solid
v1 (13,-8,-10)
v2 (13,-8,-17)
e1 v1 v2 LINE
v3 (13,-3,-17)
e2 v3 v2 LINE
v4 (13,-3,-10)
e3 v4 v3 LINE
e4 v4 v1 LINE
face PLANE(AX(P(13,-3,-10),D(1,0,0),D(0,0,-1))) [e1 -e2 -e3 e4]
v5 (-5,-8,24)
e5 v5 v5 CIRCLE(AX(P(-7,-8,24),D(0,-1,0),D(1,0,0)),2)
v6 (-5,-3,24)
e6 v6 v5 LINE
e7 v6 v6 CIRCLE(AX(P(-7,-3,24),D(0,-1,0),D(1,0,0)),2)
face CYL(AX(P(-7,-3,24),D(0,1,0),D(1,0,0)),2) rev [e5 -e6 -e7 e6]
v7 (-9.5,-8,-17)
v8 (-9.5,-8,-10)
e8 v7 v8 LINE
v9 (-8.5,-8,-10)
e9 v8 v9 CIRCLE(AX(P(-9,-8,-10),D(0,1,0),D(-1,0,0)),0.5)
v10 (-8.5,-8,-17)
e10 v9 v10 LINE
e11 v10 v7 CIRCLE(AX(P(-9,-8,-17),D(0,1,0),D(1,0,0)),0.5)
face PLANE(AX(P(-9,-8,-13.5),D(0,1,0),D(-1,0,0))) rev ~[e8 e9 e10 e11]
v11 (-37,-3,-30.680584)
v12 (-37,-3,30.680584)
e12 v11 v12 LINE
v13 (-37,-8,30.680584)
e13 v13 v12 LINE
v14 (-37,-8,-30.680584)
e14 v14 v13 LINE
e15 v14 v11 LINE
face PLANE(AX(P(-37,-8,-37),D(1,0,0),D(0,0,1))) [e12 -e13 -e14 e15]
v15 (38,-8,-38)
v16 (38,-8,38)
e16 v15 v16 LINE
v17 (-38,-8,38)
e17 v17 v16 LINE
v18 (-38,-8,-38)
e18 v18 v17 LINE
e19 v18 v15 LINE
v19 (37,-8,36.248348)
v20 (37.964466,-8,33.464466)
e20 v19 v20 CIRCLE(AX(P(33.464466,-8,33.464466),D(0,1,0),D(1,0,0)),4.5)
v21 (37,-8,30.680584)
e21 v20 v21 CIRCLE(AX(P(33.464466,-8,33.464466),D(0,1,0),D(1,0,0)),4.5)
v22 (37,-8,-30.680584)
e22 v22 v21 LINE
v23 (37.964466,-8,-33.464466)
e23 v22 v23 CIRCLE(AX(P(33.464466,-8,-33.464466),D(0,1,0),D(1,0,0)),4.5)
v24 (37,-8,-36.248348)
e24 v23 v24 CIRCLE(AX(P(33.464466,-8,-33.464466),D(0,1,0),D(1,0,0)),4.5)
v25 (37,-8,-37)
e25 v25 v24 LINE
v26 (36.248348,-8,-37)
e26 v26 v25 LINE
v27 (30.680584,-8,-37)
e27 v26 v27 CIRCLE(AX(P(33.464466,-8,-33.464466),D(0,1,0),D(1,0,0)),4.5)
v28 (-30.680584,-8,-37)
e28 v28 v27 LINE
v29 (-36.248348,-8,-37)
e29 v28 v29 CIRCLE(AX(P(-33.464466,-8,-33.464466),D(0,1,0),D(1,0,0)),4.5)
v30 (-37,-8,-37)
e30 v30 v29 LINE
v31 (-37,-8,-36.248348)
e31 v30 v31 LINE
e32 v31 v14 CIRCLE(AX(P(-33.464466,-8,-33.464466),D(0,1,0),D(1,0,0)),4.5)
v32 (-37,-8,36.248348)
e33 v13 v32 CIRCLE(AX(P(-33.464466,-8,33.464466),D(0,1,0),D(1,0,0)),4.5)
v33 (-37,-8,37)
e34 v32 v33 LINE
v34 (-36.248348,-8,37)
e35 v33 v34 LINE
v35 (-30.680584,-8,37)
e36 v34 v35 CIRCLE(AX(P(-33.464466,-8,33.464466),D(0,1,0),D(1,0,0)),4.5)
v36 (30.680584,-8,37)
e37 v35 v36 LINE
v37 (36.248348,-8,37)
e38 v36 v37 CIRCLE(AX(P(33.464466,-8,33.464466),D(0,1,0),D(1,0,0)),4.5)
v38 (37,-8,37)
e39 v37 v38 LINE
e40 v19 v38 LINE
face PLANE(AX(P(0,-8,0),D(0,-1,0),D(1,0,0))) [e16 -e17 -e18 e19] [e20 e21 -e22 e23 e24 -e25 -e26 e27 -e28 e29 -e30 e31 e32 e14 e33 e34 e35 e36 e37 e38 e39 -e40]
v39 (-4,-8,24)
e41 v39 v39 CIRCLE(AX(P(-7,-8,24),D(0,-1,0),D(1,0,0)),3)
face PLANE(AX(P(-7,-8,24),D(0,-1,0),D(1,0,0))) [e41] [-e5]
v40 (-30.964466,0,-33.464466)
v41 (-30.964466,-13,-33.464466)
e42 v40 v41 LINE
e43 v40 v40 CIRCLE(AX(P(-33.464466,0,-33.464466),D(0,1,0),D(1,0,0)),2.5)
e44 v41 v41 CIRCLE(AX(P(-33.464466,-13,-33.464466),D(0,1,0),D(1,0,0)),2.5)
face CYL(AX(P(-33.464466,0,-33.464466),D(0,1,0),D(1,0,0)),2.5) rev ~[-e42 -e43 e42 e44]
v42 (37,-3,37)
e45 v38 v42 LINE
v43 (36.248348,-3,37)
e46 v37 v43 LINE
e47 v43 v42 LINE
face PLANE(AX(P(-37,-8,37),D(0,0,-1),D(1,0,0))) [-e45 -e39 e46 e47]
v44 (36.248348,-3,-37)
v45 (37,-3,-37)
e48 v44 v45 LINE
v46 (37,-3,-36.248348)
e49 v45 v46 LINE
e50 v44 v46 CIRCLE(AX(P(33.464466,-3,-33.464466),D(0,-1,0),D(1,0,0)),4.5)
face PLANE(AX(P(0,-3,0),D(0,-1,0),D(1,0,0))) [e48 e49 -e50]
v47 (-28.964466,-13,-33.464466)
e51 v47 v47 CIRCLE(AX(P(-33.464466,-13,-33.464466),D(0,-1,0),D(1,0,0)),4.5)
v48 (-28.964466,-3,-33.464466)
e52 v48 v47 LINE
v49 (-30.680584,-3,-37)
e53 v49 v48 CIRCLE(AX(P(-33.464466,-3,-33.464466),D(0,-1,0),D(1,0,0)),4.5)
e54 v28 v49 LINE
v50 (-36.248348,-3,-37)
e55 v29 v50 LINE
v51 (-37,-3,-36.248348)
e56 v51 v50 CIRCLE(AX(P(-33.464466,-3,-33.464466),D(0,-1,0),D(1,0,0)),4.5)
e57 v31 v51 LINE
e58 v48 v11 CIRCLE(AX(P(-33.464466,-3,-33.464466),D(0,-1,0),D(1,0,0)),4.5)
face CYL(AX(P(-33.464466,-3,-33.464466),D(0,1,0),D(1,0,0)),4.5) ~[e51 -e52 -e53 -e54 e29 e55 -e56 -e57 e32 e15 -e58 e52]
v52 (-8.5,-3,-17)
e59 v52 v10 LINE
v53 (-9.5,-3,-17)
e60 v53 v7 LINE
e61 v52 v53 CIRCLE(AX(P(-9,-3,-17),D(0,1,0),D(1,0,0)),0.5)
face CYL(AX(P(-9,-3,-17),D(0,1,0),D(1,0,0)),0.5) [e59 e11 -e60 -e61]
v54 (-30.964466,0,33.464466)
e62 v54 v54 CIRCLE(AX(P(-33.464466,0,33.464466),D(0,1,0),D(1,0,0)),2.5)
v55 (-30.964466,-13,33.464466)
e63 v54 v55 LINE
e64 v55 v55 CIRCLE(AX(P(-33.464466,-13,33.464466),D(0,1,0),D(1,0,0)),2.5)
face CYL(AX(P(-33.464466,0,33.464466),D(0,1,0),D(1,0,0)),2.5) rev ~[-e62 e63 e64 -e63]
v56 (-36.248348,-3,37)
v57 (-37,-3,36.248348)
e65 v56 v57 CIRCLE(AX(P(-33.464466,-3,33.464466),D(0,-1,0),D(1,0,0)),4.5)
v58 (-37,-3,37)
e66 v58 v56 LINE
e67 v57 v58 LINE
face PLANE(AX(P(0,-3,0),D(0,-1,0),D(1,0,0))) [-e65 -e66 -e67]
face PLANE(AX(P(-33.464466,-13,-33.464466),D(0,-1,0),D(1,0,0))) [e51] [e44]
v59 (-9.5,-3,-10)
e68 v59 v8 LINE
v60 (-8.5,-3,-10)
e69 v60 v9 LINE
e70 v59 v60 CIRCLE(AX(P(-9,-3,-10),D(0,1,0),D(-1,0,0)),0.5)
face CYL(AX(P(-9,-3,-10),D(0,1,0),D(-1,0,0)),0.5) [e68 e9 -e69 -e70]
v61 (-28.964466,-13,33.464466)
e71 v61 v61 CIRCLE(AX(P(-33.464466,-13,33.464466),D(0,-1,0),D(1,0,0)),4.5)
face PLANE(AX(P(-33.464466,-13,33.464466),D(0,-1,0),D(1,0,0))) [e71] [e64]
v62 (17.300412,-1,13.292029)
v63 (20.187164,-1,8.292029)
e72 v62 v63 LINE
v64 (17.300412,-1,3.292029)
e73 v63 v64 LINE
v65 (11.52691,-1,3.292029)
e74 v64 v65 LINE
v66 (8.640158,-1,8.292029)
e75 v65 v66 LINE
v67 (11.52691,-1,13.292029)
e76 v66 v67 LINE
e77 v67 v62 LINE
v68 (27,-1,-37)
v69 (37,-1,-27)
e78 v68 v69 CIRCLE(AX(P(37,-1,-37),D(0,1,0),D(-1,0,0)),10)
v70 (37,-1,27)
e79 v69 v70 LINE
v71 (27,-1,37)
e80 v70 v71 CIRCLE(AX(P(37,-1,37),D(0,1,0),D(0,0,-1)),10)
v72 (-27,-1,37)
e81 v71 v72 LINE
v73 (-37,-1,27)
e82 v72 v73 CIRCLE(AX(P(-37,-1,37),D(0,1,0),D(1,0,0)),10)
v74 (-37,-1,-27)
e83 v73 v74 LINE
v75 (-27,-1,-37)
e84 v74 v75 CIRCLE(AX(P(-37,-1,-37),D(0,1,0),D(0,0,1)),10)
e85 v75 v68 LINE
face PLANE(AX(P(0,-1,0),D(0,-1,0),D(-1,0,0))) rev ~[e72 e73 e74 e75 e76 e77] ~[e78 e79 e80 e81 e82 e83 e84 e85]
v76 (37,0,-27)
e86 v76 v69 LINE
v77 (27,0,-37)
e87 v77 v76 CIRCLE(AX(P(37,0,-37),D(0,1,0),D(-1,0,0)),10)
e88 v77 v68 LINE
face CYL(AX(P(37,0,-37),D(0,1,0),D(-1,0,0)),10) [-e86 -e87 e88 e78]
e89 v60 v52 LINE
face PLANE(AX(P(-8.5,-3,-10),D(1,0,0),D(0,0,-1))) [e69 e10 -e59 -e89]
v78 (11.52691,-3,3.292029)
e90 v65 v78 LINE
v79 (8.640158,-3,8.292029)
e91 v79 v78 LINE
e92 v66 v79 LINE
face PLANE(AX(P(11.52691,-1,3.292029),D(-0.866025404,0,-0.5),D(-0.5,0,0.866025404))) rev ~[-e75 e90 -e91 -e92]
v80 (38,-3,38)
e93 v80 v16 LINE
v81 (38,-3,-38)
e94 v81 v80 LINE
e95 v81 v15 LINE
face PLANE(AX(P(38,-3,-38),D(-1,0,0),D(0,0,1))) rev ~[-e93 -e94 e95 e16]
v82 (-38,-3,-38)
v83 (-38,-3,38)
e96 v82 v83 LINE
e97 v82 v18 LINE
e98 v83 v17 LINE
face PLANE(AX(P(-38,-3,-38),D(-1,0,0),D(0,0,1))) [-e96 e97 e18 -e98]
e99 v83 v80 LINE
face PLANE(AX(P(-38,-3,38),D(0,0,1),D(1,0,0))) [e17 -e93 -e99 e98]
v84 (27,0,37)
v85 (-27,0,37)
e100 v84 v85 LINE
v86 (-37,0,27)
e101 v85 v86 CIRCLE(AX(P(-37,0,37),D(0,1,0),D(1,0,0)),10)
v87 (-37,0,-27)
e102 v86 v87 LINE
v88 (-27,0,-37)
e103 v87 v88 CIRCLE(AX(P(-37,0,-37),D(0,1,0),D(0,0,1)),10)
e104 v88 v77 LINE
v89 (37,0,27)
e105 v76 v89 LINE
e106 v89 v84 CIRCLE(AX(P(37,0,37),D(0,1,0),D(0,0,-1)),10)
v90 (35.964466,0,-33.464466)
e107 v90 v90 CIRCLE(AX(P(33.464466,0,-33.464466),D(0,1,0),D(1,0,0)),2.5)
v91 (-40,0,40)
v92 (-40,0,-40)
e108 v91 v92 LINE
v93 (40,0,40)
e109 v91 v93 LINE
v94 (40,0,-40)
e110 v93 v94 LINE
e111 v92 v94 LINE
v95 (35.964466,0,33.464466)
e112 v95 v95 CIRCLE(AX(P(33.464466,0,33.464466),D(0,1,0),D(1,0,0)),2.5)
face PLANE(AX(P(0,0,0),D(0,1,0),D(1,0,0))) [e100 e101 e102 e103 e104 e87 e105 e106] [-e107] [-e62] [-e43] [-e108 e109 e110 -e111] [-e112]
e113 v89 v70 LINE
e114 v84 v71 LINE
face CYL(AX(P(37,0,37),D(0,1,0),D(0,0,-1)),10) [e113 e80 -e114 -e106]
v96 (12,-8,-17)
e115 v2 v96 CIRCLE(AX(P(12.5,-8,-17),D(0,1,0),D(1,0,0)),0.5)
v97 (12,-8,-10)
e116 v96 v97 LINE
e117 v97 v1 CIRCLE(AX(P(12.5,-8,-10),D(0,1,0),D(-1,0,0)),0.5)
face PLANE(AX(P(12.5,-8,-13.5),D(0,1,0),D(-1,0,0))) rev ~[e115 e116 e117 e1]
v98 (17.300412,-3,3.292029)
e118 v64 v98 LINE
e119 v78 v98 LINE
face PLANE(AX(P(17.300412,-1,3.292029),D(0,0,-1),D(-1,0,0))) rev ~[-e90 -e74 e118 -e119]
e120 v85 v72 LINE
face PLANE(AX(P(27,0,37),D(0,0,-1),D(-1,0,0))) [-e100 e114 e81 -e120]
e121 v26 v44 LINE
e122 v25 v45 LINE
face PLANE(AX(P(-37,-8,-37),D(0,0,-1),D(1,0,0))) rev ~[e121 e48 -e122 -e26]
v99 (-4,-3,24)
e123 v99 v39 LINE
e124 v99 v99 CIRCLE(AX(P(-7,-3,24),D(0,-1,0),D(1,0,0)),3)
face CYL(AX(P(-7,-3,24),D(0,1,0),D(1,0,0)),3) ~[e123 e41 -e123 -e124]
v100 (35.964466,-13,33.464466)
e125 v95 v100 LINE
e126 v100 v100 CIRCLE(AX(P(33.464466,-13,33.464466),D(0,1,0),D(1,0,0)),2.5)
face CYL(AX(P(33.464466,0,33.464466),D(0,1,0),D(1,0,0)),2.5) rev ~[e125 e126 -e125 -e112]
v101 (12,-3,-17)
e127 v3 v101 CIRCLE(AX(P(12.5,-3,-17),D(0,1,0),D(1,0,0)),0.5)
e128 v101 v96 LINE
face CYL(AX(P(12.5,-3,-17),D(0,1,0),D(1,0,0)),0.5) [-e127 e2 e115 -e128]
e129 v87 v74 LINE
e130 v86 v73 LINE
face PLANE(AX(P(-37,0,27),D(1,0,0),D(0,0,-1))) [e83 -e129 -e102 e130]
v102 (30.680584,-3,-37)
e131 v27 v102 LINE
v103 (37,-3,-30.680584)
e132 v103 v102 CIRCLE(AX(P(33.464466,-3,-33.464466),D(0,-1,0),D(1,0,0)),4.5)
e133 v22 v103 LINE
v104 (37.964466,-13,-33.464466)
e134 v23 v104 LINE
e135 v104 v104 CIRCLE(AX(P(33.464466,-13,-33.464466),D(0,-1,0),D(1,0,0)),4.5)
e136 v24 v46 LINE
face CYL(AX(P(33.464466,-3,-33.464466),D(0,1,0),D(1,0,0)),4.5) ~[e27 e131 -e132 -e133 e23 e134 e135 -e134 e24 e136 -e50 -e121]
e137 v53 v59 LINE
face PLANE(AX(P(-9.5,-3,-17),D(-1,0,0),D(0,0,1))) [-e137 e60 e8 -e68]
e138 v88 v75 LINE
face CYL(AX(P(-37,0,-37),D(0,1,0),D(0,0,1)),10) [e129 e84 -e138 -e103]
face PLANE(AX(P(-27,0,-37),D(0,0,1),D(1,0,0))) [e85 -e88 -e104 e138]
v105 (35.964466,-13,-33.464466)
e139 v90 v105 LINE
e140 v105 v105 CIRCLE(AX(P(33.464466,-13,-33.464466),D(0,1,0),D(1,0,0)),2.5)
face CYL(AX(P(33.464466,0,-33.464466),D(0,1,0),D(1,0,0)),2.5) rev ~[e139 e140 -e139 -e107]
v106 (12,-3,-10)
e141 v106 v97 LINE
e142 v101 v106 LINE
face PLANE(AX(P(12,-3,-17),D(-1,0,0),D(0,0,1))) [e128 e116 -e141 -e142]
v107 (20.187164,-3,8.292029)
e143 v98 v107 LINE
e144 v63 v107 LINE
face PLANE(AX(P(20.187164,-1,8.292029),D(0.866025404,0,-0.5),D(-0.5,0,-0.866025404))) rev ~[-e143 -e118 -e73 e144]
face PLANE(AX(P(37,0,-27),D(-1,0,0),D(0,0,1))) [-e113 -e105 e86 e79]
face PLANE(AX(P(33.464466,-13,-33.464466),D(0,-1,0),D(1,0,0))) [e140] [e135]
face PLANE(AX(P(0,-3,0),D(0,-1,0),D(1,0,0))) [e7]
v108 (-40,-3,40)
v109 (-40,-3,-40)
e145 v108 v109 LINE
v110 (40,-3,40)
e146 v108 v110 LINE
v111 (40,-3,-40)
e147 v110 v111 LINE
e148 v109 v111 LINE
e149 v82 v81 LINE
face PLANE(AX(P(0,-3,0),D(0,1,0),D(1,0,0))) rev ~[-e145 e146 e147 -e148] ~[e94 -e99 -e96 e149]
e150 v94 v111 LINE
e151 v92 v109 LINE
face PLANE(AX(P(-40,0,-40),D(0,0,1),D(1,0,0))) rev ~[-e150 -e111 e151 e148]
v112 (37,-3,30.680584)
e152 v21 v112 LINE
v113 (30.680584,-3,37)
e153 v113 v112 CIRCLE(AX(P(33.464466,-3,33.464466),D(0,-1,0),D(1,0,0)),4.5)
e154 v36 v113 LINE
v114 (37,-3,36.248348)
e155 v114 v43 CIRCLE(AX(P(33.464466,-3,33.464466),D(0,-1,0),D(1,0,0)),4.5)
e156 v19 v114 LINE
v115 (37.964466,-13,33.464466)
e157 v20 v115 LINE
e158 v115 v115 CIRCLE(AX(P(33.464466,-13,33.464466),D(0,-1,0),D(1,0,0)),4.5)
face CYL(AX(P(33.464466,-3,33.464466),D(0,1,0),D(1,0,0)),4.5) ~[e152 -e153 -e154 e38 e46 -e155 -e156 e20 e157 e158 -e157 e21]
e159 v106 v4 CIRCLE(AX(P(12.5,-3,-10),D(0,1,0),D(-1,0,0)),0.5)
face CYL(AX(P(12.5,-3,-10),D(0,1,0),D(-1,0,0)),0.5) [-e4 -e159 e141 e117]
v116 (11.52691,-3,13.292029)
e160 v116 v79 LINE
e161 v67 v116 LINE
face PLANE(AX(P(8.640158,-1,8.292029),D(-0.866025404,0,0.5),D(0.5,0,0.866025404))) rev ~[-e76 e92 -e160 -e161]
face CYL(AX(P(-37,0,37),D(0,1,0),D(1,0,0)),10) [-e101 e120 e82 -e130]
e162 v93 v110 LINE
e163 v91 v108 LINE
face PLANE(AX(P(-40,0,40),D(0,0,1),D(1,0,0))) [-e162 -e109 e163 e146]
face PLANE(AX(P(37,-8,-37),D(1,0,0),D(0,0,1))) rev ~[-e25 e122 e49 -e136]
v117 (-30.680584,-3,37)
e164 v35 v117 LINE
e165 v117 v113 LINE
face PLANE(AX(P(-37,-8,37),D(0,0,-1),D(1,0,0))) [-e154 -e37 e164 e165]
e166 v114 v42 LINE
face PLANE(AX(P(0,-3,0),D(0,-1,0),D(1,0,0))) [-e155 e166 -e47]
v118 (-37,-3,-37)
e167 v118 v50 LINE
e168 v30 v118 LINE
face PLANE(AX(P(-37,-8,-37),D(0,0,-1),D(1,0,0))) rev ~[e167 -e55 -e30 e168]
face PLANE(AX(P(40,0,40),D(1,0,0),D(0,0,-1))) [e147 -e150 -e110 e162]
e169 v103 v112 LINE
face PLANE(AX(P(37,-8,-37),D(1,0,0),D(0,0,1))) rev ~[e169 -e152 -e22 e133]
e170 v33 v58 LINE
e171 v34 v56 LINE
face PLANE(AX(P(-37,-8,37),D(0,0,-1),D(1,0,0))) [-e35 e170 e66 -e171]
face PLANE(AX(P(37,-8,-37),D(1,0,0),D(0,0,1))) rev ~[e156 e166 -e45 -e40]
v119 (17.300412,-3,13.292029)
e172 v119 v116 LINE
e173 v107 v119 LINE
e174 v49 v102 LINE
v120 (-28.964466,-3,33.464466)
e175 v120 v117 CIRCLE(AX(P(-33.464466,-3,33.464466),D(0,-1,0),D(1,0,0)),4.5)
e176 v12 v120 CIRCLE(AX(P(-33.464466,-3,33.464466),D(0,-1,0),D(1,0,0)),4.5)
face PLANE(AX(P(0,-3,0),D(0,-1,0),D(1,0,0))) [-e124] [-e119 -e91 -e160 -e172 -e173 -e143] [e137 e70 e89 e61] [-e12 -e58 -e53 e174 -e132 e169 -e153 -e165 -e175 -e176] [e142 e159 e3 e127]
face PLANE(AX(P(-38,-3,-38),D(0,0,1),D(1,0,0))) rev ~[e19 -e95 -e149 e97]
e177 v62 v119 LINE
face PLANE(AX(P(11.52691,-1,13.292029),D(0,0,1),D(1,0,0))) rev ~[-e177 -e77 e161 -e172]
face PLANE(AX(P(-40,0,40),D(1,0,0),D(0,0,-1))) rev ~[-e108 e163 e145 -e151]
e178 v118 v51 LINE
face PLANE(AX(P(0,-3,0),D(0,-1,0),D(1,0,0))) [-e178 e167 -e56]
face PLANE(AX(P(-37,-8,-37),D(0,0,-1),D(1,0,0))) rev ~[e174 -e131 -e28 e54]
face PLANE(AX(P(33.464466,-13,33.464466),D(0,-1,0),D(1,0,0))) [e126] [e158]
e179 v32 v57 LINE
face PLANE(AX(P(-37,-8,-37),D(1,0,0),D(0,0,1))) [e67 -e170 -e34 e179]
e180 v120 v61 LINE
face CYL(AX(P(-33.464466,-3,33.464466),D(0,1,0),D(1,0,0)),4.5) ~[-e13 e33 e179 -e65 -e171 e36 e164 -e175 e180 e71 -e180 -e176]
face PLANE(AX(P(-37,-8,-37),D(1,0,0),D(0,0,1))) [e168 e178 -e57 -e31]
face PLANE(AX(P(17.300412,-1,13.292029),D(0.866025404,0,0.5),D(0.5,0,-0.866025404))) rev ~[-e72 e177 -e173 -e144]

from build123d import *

# Parameters (mm, degrees)
SKETCH2_W           = 80
SKETCH2_H           = 80
BOSS_EXTRUDE1_DEPTH = 3
CUT_EXTRUDE1_DEPTH  = 1
SKETCH5_W           = 76
SKETCH5_H           = 76
BOSS_EXTRUDE2_DEPTH = 5
SKETCH6_W           = 74
SKETCH6_H           = 74
CUT_EXTRUDE2_DEPTH  = 5
SKETCH7_R           = 4.5
BOSS_EXTRUDE3_DEPTH = 10
SKETCH4_R           = 2.5
CUT_EXTRUDE8_DEPTH  = 13
SKETCH9_R           = 3
SKETCH9_R_2         = 2
BOSS_EXTRUDE4_DEPTH = 5
BOSS_EXTRUDE5_DEPTH = 5
CUT_EXTRUDE9_DEPTH  = 10


with BuildPart() as part:
    # Sketch2 → Boss-Extrude1 (new body)
    with BuildSketch(Plane(origin=(0, 0, 0), x_dir=(1, 0, 0), z_dir=(0, 1, 0))):
        Rectangle(SKETCH2_W, SKETCH2_H)
    extrude(amount=-BOSS_EXTRUDE1_DEPTH)

    # Sketch3 → Cut-Extrude1 (cut)
    with BuildSketch(Plane(origin=(0, 0, 0), x_dir=(1, 0, 0), z_dir=(0, 1, 0))):
        with BuildLine():
            Line((-27, 37), (27, 37))
            ThreePointArc((27, 37), (29.928932188, 29.928932188), (37, 27))
            Line((37, 27), (37, -27))
            ThreePointArc((37, -27), (29.928932188, -29.928932188), (27, -37))
            Line((27, -37), (-27, -37))
            ThreePointArc((-27, -37), (-29.928932188, -29.928932188), (-37, -27))
            Line((-37, -27), (-37, 27))
            ThreePointArc((-37, 27), (-29.928932188, 29.928932188), (-27, 37))
        make_face()
    extrude(amount=-CUT_EXTRUDE1_DEPTH, mode=Mode.SUBTRACT)

    # Sketch5 → Boss-Extrude2 (add)
    with BuildSketch(Plane.XZ.offset(3)):
        Rectangle(SKETCH5_W, SKETCH5_H)
    extrude(amount=BOSS_EXTRUDE2_DEPTH)

    # Sketch6 → Cut-Extrude2 (cut)
    with BuildSketch(Plane.XZ.offset(8)):
        Rectangle(SKETCH6_W, SKETCH6_H)
    extrude(amount=-CUT_EXTRUDE2_DEPTH, mode=Mode.SUBTRACT)

    # Sketch7 → Boss-Extrude3 (add)
    with BuildSketch(Plane.XZ.offset(3)):
        with Locations((-33.464466094, 33.46446609)):
            Circle(SKETCH7_R)
        with Locations((33.46446609, 33.46446609)):
            Circle(SKETCH7_R)
        with Locations((-33.464466094, -33.464466094)):
            Circle(SKETCH7_R)
        with Locations((33.46446609, -33.464466094)):
            Circle(SKETCH7_R)
    extrude(amount=BOSS_EXTRUDE3_DEPTH)

    # Sketch4 → Cut-Extrude8 (cut)
    with BuildSketch(Plane(origin=(0, 0, 0), x_dir=(1, 0, 0), z_dir=(0, 1, 0))):
        with Locations((33.46446609, 33.464466094)):
            Circle(SKETCH4_R)
        with Locations((-33.464466094, 33.464466094)):
            Circle(SKETCH4_R)
        with Locations((-33.464466094, -33.46446609)):
            Circle(SKETCH4_R)
        with Locations((33.46446609, -33.46446609)):
            Circle(SKETCH4_R)
    extrude(amount=-CUT_EXTRUDE8_DEPTH, mode=Mode.SUBTRACT)

    # Sketch9 → Boss-Extrude4 (add)
    with BuildSketch(Plane.XZ.offset(3)):
        with Locations((-7, 24)):
            Circle(SKETCH9_R)
        with Locations((-7, 24)):
            Circle(SKETCH9_R_2, mode=Mode.SUBTRACT)
    extrude(amount=BOSS_EXTRUDE4_DEPTH)

    # Sketch10 → Boss-Extrude5 (add)
    with BuildSketch(Plane.XZ.offset(3)):
        with BuildLine():
            Line((-8.5, -10), (-8.5, -17))
            ThreePointArc((-8.5, -17), (-9, -17.5), (-9.5, -17))
            Line((-9.5, -17), (-9.5, -10))
            ThreePointArc((-9.5, -10), (-9, -9.5), (-8.5, -10))
        make_face()
        with BuildLine():
            Line((13, -10), (13, -17))
            ThreePointArc((13, -17), (12.5, -17.5), (12, -17))
            Line((12, -17), (12, -10))
            ThreePointArc((12, -10), (12.5, -9.5), (13, -10))
        make_face()
    extrude(amount=BOSS_EXTRUDE5_DEPTH)

    # Sketch11 → Cut-Extrude9 (cut)
    with BuildSketch(Plane(origin=(0, -1, 0), x_dir=(1, 0, 0), z_dir=(0, 1, 0))):
        Polygon((17.300412364, -3.292028925), (11.526909672, -3.292028925), (8.640158326, -8.292028925), (11.526909672, -13.292028925), (17.300412364, -13.292028925), (20.18716371, -8.292028925), align=None)
    extrude(amount=-CUT_EXTRUDE9_DEPTH, mode=Mode.SUBTRACT)


solid = part.part
